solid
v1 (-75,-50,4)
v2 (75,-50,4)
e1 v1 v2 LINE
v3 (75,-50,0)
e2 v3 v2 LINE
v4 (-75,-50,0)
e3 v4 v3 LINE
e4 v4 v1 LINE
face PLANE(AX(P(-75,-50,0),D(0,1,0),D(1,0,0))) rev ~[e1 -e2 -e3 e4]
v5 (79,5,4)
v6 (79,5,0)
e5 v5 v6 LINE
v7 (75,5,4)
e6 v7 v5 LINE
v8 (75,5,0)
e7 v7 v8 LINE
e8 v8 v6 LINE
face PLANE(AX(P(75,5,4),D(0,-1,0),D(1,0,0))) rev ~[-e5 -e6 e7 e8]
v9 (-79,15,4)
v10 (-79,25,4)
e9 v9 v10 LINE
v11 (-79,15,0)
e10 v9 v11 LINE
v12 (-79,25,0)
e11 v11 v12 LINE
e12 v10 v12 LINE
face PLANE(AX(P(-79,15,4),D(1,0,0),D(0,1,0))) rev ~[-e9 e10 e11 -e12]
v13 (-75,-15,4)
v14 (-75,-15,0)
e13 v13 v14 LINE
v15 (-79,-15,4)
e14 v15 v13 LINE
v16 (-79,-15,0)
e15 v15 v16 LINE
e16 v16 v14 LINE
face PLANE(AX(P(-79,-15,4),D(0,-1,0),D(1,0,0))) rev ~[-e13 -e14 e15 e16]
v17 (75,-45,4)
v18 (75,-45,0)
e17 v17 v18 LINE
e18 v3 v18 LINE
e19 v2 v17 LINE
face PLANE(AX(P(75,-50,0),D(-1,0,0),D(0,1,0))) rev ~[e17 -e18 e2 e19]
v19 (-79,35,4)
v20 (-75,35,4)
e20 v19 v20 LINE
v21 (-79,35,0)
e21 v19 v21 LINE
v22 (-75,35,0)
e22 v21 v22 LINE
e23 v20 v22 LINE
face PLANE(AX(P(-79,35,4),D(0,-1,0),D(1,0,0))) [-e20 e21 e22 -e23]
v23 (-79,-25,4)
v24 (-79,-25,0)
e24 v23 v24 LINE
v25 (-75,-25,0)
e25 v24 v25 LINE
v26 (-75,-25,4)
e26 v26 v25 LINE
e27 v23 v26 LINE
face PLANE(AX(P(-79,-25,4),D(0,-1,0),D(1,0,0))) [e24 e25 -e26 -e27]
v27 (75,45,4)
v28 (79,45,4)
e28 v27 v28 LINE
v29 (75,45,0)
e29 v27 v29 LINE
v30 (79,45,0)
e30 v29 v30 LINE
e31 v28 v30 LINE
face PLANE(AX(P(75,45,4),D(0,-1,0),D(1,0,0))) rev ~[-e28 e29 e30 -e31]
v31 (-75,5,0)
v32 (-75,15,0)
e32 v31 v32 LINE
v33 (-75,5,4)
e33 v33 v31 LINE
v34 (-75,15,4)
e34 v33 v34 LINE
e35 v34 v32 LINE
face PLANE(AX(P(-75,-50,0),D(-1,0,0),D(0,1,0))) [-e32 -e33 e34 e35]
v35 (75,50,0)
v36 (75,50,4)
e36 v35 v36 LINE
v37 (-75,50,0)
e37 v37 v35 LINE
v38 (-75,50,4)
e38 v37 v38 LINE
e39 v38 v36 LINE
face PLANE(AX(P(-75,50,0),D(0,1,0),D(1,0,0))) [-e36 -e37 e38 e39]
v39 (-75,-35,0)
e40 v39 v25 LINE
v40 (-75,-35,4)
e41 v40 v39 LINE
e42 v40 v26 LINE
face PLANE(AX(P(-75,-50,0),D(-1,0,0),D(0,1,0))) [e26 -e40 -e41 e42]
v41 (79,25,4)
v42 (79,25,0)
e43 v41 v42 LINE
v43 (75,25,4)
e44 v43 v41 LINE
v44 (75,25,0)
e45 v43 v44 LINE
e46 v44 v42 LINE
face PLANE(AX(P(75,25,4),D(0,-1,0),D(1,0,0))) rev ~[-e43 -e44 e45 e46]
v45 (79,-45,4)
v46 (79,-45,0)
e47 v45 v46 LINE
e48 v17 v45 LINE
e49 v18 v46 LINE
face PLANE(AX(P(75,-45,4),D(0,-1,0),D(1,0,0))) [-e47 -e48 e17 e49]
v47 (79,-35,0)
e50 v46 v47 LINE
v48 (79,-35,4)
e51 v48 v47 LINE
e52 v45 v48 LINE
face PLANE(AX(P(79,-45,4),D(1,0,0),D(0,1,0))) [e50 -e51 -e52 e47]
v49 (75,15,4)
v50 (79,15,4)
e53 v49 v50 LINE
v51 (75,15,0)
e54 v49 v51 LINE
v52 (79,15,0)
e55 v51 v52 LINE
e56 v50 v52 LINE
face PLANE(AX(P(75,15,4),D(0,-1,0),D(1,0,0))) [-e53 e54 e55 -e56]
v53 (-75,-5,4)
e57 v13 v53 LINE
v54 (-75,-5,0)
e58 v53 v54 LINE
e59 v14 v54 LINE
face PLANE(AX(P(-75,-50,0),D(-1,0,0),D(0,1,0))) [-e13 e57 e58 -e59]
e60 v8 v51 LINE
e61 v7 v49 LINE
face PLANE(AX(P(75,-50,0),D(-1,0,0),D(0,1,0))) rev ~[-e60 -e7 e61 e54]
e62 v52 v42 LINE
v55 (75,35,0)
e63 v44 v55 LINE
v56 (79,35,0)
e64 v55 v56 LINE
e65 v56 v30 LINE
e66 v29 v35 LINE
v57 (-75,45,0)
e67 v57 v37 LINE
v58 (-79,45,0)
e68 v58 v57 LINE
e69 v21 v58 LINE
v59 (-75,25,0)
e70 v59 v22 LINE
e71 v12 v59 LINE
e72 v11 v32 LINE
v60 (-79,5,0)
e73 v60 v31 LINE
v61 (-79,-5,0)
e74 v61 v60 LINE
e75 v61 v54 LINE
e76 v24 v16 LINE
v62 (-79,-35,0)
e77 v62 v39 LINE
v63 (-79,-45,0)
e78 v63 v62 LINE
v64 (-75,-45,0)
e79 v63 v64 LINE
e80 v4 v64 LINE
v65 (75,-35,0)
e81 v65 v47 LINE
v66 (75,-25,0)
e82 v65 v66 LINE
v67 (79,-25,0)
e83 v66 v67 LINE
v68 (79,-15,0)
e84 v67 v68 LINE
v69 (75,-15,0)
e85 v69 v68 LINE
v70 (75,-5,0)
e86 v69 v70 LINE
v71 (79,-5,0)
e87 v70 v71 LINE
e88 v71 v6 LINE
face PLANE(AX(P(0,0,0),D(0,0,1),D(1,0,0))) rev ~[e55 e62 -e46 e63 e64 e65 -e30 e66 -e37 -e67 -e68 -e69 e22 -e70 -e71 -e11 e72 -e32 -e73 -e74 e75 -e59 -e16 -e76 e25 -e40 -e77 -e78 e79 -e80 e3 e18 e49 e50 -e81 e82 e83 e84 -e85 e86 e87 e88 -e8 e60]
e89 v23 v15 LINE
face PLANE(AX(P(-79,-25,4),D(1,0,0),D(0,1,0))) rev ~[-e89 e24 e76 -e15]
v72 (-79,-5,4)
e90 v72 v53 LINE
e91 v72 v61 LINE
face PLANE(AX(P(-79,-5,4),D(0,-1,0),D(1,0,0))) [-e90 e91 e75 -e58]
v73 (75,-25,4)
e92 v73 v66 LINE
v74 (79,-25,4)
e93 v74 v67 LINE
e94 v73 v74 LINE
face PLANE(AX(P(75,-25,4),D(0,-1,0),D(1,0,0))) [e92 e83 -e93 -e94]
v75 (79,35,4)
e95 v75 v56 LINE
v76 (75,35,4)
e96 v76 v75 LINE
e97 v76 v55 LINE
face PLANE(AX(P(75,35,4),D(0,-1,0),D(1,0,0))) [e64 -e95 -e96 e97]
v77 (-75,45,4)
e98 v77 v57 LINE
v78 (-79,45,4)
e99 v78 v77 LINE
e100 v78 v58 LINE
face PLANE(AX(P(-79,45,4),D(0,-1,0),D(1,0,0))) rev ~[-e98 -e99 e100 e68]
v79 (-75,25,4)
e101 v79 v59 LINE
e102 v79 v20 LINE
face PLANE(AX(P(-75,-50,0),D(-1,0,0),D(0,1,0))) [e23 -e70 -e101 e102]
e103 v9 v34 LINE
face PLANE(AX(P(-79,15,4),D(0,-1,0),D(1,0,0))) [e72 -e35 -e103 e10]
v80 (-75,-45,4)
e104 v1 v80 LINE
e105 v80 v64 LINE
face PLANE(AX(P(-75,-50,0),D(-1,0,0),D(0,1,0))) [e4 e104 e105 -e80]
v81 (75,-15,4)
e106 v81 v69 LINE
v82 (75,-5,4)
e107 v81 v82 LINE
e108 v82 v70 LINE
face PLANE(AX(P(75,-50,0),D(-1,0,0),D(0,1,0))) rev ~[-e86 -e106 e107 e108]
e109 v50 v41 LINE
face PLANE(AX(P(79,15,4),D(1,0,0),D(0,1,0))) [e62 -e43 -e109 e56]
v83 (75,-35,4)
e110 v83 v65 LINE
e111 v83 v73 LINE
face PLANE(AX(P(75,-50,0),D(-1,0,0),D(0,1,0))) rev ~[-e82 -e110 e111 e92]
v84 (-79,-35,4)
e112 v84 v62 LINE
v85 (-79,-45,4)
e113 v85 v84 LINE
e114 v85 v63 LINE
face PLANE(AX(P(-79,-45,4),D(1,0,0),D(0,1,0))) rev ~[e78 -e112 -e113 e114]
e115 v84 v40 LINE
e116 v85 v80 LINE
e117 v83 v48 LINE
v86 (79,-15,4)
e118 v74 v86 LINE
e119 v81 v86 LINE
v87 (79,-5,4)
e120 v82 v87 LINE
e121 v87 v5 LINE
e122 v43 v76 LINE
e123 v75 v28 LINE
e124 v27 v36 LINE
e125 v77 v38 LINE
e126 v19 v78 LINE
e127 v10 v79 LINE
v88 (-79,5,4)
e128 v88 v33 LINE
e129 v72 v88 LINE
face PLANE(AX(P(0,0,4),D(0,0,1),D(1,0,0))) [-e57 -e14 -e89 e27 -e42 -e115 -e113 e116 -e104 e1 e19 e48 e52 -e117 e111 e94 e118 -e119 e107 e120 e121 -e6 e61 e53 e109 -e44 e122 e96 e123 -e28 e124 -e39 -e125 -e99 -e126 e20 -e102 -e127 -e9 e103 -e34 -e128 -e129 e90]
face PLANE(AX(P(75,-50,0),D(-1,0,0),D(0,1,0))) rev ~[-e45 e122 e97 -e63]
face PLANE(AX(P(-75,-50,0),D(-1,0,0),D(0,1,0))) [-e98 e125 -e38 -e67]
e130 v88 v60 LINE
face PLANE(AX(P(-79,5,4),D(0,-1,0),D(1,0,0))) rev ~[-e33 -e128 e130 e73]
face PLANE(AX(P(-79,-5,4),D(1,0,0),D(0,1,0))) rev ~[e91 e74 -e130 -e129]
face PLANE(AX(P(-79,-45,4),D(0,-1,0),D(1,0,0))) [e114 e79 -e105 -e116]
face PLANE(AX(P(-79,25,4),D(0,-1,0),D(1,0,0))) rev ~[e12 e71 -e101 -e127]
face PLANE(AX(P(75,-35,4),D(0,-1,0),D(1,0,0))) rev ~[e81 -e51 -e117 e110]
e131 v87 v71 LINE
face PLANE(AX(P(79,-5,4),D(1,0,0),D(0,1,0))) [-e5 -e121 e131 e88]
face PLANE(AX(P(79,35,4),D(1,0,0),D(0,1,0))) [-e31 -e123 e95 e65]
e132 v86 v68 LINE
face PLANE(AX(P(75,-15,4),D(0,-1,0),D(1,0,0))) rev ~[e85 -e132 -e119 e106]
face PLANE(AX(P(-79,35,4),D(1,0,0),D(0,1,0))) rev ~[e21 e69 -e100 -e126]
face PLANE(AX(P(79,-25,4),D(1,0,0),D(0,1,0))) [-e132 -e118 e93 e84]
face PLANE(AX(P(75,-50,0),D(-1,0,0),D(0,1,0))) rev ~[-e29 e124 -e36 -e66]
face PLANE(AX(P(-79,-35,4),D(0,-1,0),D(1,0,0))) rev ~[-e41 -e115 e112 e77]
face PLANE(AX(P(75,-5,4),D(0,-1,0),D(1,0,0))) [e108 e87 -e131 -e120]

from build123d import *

# Parameters (mm, degrees)
F0_W     = 150
F0_H     = 100
F1_DEPTH = 4
F2_W     = 4
F2_H     = 10
F3_DEPTH = 4


with BuildPart() as f1:
    # F0 (on Top) → F1 (new body)
    with BuildSketch(Plane.XY):
        Rectangle(F0_W, F0_H)
    extrude(amount=F1_DEPTH)

    # F2 (on face) → F3 (join)
    with BuildSketch(Plane.XY.offset(4)):
        with Locations((-77, -40)):
            Rectangle(F2_W, F2_H)
        with Locations((-77, -20)):
            Rectangle(F2_W, F2_H)
        with Locations((-77, 0)):
            Rectangle(F2_W, F2_H)
        with Locations((-77, 20)):
            Rectangle(F2_W, F2_H)
        with Locations((-77, 40)):
            Rectangle(F2_W, F2_H)
        with Locations((77, -40)):
            Rectangle(F2_W, F2_H)
        with Locations((77, -20)):
            Rectangle(F2_W, F2_H)
        with Locations((77, 0)):
            Rectangle(F2_W, F2_H)
        with Locations((77, 40)):
            Rectangle(F2_W, F2_H)
        with Locations((77, 20)):
            Rectangle(F2_W, F2_H)
    extrude(amount=-F3_DEPTH)


solid = f1.part
